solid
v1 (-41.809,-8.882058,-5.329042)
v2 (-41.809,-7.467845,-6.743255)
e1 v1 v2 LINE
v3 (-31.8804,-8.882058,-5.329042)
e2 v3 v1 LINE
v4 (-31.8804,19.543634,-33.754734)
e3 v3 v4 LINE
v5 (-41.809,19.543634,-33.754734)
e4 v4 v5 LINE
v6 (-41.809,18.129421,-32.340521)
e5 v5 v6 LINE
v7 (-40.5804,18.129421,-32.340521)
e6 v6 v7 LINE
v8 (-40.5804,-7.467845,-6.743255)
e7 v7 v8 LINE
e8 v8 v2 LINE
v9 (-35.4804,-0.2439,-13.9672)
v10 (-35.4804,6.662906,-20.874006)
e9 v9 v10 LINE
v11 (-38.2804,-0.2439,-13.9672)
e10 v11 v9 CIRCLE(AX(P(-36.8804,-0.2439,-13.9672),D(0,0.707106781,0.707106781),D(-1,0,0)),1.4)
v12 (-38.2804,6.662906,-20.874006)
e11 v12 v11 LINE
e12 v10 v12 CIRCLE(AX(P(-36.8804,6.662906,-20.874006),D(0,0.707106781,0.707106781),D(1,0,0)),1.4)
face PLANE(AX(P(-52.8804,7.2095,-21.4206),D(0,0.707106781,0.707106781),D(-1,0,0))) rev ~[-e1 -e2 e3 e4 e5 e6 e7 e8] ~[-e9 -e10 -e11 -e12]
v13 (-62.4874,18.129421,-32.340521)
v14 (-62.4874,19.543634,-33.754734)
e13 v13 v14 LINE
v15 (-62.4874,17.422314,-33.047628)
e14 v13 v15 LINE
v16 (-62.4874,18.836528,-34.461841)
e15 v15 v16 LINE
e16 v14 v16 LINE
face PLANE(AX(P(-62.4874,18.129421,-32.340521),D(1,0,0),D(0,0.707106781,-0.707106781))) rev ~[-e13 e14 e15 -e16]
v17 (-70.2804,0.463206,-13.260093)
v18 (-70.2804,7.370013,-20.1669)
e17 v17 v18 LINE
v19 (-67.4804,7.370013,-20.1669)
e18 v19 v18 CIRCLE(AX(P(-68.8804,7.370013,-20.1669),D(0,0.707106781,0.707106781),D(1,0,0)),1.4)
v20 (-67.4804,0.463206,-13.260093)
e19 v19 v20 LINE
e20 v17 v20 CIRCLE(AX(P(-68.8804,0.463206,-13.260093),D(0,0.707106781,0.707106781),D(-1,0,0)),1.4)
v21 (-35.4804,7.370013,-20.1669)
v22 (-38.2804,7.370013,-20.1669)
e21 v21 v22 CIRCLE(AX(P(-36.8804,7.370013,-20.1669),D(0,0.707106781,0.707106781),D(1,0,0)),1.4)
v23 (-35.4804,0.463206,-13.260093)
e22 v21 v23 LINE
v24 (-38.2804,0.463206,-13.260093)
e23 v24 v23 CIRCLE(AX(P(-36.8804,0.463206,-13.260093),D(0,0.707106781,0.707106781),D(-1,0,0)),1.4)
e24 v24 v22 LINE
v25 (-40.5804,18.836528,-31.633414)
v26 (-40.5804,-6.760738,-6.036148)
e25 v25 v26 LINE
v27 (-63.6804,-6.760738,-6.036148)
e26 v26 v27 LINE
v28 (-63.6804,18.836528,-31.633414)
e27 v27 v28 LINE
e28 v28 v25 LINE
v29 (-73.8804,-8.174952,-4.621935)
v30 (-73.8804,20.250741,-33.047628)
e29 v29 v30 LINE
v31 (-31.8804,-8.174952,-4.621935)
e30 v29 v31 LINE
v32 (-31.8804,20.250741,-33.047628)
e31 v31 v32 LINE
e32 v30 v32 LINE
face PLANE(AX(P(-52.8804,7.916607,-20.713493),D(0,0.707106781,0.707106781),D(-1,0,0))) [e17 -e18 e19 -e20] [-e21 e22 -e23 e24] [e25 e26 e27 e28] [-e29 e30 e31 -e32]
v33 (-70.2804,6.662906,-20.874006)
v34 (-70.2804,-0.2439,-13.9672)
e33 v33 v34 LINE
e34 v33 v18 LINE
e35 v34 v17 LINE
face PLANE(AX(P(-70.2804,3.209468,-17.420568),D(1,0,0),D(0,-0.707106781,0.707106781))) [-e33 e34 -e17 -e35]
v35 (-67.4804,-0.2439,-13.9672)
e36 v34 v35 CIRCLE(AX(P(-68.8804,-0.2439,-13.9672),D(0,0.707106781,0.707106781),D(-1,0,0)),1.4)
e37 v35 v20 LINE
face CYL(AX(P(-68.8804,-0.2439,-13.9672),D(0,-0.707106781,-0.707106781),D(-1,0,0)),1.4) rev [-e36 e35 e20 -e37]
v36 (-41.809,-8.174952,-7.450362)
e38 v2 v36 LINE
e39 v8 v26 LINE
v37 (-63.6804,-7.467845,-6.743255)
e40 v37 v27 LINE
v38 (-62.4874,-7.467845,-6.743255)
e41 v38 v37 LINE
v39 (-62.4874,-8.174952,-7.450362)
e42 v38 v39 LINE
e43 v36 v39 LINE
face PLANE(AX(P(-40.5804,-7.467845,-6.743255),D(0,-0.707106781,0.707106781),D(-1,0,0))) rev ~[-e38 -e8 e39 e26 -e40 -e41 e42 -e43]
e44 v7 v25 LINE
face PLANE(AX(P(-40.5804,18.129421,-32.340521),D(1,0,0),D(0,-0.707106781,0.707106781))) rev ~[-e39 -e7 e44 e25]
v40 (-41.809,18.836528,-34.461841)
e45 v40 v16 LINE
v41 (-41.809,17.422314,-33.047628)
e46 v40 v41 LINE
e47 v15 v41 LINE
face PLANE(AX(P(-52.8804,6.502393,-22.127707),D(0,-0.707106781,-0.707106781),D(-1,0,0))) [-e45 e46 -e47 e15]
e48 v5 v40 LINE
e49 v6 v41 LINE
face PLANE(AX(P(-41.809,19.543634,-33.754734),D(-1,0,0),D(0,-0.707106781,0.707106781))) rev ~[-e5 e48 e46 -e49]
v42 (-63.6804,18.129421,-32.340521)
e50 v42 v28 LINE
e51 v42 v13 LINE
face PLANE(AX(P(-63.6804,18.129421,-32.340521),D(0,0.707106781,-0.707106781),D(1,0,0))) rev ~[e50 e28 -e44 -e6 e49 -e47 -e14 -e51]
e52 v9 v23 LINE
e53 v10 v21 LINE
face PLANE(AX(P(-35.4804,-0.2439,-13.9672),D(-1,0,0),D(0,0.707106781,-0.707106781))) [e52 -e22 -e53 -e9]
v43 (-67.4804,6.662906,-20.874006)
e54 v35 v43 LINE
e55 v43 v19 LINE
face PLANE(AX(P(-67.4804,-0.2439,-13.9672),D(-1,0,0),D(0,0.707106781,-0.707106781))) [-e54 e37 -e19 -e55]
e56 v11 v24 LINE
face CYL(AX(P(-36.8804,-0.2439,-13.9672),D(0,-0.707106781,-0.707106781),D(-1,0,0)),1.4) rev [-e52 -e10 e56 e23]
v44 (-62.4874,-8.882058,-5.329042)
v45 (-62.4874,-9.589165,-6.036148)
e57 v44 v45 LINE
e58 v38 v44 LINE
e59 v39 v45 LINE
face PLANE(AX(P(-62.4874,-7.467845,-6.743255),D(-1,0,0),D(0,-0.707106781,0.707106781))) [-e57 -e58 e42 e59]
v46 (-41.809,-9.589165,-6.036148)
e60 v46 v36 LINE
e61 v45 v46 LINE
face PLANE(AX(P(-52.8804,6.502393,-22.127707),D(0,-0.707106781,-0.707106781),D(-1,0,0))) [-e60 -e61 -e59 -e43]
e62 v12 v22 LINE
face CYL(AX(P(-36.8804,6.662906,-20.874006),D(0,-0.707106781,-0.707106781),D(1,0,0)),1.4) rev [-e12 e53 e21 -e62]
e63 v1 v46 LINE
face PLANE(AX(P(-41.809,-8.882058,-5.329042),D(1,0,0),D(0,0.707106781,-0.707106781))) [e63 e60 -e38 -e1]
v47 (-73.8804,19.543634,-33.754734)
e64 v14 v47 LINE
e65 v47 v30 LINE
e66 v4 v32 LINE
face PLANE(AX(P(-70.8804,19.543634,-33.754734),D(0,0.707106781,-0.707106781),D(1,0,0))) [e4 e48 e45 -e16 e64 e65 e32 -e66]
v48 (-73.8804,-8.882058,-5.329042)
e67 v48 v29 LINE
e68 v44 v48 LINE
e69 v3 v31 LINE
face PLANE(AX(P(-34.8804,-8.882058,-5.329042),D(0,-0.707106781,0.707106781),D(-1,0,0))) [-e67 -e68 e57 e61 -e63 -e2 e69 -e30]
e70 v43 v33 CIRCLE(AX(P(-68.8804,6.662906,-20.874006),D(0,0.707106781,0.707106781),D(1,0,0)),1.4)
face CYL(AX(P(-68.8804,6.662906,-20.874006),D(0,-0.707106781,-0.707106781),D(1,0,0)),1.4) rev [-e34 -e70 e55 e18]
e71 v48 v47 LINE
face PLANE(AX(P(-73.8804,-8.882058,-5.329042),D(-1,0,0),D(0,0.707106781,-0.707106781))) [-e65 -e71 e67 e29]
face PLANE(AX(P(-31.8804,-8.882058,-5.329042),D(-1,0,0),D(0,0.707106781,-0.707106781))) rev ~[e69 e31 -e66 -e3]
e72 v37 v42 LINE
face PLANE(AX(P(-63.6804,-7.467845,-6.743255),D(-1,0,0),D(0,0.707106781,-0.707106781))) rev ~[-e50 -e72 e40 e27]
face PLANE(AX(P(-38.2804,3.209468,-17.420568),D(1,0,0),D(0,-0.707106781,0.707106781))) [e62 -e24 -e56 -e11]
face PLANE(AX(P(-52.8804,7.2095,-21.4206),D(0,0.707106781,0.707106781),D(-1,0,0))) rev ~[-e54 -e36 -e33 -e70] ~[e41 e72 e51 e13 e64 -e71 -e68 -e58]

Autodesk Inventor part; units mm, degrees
ref_plane "YZ Plane" through (0, 0, 0) normal (1, 0, 0) x (0, 1, 0)
ref_plane "XZ Plane" through (0, 0, 0) normal (0, 1, 0) x (-1, 0, 0)
ref_plane "XY Plane" through (0, 0, 0) normal (0, 0, 1) x (1, 0, 0)
ref_plane "Work Plane2" through (-65.3804, 18.9113, -35.9508) normal (-1, 0, 0) x (0, -0.7071, -0.7071)
ref_plane "Work Plane3" through (-52.8804, 7.2095, -21.4206) normal (0, 0.7071, 0.7071) x (-1, 0, 0)
sketch "Sketch3" plane through (-52.8804, 7.2095, -21.4206) normal (0, 0.7071, 0.7071) x (-1, 0, 0)
  circle A0 centre (16, 5.6569) radius 1.4 construction
  circle A1 centre (-16, 5.6569) radius 1.4 construction
  line L0 (-16.9, -3.0998) -> (-16.9, -27) construction
  line L1 (14.3, 19.8) -> (12.8, 19.8) construction
  line L2 (14.3, 19.8) -> (14.3, -19.254) construction
  line L3 (12.8, 19.8) -> (12.8, -18.254) construction
  line L4 (-12.8, -18.254) -> (-12.8, 19.8) construction
  line L5 (-12.8, 19.8) -> (-14.3, 19.8) construction
  line L6 (-14.3, 19.8) -> (-14.3, -18.254) construction
  line L7 (12.8, -18.254) -> (-12.8, -18.254) construction
  line L8 (-12.5, -18.5487) -> (12.5, -18.5487) construction
  line L9 (18, -17.4431) -> (-18, -17.4431)
  line L10 (-18, -17.4431) -> (-18, 22.7569)
  line L11 (-18, 22.7569) -> (18, 22.7569)
  line L12 (18, 22.7569) -> (18, -17.4431)
  line L13 (10.8, -15.4431) -> (-12.3, -15.4431)
  line L14 (-12.3, -15.4431) -> (-12.3, 20.7569)
  line L15 (-12.3, 20.7569) -> (10.8, 20.7569)
  line L16 (10.8, 20.7569) -> (10.8, -15.4431)
  circle A2 centre (16, 5.6569) radius 1.4
  circle A3 centre (-16, 5.6569) radius 1.4
  line L17 (16, 10.5407) -> (16, 0.773) construction
  line L18 (14.6, 10.5407) -> (14.6, 0.773)
  line L19 (17.4, 0.773) -> (17.4, 10.5407)
  arc A4 (17.4, 10.5407) -> (14.6, 10.5407) centre (16, 10.5407) ccw
  arc A5 (14.6, 0.773) -> (17.4, 0.773) centre (16, 0.773) ccw
  line L20 (-16, 10.5407) -> (-16, 0.773) construction
  line L21 (-17.4, 10.5407) -> (-17.4, 0.773)
  line L22 (-14.6, 0.773) -> (-14.6, 10.5407)
  arc A6 (-14.6, 10.5407) -> (-17.4, 10.5407) centre (-16, 10.5407) ccw
  arc A7 (-17.4, 0.773) -> (-14.6, 0.773) centre (-16, 0.773) ccw
  point P0 (-52.8804, 20.2446)
  dimension "d12" = 2
  dimension "d13" = 2
  dimension "d14" = 23.1
  dimension "d15" = 17.1
  dimension "d16" = 2
  dimension "d17" = 2
  dimension "d18" = 2
  dimension "d19" = 2
extrude "Extrusion3" add sketch "Sketch3" along normal blind 1
sketch "Sketch4" plane through (-52.8804, 7.2095, -21.4206) normal (0, -0.7071, -0.7071) x (-1, 0, 0)
  line L0 (-12.3, 15.4431) -> (-12.3, -20.7569) projected
  line L1 (-12.3, -20.7569) -> (10.8, -20.7569) projected
  line L2 (10.8, -20.7569) -> (10.8, 15.4431) projected
  line L3 (10.8, 15.4431) -> (-12.3, 15.4431) projected
  line L4 (-18, 17.4431) -> (18, 17.4431) projected
  line L5 (18, 17.4431) -> (18, -22.7569) projected
  line L6 (18, -22.7569) -> (-18, -22.7569) projected
  line L7 (-18, -22.7569) -> (-18, 17.4431) projected
  line L8 (-18, 17.4431) -> (18, 17.4431) projected
  line L9 (-12.3, 15.4431) -> (10.8, 15.4431) projected
  line L10 (9.607, 17.4431) -> (-11.0714, 17.4431)
  line L11 (-11.0714, 17.4431) -> (-11.0714, 15.4431)
  line L12 (-11.0714, 15.4431) -> (9.607, 15.4431)
  line L13 (9.607, 15.4431) -> (9.607, 17.4431)
  line L14 (10.8, -20.7569) -> (-12.3, -20.7569) projected
  line L15 (9.607, -22.7569) -> (-11.0714, -22.7569)
  line L16 (-11.0714, -22.7569) -> (-11.0714, -20.7569)
  line L17 (-11.0714, -20.7569) -> (9.607, -20.7569)
  line L18 (9.607, -20.7569) -> (9.607, -22.7569)
  point P0 (-52.8804, -20.2446)
extrude "Extrusion4" add sketch "Sketch4" along normal blind 1 contours L11 L4 L13 L3 | L1 L18 L6 L16
sketch "Sketch5" plane through (-52.8804, 7.2095, -21.4206) normal (0, -0.7071, -0.7071) x (-1, 0, 0)
  line L0 (-18, 17.4431) -> (18, 17.4431) projected
  line L1 (18, -22.7569) -> (-18, -22.7569) projected
  line L2 (-18, -22.7569) -> (-21, -22.7569)
  line L3 (-21, -22.7569) -> (-21, 17.4431)
  line L4 (-21, 17.4431) -> (-18, 17.4431)
  line L5 (-18, 17.4431) -> (-18, -22.7569)
  line L6 (18, -22.7569) -> (21, -22.7569)
  line L7 (21, -22.7569) -> (21, 17.4431)
  line L8 (21, 17.4431) -> (18, 17.4431)
  line L9 (18, 17.4431) -> (18, -22.7569)
  point P0 (-52.8804, -20.2446)
  dimension "d24" = 3
  dimension "d25" = 3
  dimension "d28" = 40.2
extrude "Extrusion5" add sketch "Sketch5" against normal up to surface (1 mm away) contours L5 L2 L3 L4 | L8 L7 L6 L9
properties part number "20_Cube_Insert_Beamsplittercube_Dichroicmirror_Retainplate"
